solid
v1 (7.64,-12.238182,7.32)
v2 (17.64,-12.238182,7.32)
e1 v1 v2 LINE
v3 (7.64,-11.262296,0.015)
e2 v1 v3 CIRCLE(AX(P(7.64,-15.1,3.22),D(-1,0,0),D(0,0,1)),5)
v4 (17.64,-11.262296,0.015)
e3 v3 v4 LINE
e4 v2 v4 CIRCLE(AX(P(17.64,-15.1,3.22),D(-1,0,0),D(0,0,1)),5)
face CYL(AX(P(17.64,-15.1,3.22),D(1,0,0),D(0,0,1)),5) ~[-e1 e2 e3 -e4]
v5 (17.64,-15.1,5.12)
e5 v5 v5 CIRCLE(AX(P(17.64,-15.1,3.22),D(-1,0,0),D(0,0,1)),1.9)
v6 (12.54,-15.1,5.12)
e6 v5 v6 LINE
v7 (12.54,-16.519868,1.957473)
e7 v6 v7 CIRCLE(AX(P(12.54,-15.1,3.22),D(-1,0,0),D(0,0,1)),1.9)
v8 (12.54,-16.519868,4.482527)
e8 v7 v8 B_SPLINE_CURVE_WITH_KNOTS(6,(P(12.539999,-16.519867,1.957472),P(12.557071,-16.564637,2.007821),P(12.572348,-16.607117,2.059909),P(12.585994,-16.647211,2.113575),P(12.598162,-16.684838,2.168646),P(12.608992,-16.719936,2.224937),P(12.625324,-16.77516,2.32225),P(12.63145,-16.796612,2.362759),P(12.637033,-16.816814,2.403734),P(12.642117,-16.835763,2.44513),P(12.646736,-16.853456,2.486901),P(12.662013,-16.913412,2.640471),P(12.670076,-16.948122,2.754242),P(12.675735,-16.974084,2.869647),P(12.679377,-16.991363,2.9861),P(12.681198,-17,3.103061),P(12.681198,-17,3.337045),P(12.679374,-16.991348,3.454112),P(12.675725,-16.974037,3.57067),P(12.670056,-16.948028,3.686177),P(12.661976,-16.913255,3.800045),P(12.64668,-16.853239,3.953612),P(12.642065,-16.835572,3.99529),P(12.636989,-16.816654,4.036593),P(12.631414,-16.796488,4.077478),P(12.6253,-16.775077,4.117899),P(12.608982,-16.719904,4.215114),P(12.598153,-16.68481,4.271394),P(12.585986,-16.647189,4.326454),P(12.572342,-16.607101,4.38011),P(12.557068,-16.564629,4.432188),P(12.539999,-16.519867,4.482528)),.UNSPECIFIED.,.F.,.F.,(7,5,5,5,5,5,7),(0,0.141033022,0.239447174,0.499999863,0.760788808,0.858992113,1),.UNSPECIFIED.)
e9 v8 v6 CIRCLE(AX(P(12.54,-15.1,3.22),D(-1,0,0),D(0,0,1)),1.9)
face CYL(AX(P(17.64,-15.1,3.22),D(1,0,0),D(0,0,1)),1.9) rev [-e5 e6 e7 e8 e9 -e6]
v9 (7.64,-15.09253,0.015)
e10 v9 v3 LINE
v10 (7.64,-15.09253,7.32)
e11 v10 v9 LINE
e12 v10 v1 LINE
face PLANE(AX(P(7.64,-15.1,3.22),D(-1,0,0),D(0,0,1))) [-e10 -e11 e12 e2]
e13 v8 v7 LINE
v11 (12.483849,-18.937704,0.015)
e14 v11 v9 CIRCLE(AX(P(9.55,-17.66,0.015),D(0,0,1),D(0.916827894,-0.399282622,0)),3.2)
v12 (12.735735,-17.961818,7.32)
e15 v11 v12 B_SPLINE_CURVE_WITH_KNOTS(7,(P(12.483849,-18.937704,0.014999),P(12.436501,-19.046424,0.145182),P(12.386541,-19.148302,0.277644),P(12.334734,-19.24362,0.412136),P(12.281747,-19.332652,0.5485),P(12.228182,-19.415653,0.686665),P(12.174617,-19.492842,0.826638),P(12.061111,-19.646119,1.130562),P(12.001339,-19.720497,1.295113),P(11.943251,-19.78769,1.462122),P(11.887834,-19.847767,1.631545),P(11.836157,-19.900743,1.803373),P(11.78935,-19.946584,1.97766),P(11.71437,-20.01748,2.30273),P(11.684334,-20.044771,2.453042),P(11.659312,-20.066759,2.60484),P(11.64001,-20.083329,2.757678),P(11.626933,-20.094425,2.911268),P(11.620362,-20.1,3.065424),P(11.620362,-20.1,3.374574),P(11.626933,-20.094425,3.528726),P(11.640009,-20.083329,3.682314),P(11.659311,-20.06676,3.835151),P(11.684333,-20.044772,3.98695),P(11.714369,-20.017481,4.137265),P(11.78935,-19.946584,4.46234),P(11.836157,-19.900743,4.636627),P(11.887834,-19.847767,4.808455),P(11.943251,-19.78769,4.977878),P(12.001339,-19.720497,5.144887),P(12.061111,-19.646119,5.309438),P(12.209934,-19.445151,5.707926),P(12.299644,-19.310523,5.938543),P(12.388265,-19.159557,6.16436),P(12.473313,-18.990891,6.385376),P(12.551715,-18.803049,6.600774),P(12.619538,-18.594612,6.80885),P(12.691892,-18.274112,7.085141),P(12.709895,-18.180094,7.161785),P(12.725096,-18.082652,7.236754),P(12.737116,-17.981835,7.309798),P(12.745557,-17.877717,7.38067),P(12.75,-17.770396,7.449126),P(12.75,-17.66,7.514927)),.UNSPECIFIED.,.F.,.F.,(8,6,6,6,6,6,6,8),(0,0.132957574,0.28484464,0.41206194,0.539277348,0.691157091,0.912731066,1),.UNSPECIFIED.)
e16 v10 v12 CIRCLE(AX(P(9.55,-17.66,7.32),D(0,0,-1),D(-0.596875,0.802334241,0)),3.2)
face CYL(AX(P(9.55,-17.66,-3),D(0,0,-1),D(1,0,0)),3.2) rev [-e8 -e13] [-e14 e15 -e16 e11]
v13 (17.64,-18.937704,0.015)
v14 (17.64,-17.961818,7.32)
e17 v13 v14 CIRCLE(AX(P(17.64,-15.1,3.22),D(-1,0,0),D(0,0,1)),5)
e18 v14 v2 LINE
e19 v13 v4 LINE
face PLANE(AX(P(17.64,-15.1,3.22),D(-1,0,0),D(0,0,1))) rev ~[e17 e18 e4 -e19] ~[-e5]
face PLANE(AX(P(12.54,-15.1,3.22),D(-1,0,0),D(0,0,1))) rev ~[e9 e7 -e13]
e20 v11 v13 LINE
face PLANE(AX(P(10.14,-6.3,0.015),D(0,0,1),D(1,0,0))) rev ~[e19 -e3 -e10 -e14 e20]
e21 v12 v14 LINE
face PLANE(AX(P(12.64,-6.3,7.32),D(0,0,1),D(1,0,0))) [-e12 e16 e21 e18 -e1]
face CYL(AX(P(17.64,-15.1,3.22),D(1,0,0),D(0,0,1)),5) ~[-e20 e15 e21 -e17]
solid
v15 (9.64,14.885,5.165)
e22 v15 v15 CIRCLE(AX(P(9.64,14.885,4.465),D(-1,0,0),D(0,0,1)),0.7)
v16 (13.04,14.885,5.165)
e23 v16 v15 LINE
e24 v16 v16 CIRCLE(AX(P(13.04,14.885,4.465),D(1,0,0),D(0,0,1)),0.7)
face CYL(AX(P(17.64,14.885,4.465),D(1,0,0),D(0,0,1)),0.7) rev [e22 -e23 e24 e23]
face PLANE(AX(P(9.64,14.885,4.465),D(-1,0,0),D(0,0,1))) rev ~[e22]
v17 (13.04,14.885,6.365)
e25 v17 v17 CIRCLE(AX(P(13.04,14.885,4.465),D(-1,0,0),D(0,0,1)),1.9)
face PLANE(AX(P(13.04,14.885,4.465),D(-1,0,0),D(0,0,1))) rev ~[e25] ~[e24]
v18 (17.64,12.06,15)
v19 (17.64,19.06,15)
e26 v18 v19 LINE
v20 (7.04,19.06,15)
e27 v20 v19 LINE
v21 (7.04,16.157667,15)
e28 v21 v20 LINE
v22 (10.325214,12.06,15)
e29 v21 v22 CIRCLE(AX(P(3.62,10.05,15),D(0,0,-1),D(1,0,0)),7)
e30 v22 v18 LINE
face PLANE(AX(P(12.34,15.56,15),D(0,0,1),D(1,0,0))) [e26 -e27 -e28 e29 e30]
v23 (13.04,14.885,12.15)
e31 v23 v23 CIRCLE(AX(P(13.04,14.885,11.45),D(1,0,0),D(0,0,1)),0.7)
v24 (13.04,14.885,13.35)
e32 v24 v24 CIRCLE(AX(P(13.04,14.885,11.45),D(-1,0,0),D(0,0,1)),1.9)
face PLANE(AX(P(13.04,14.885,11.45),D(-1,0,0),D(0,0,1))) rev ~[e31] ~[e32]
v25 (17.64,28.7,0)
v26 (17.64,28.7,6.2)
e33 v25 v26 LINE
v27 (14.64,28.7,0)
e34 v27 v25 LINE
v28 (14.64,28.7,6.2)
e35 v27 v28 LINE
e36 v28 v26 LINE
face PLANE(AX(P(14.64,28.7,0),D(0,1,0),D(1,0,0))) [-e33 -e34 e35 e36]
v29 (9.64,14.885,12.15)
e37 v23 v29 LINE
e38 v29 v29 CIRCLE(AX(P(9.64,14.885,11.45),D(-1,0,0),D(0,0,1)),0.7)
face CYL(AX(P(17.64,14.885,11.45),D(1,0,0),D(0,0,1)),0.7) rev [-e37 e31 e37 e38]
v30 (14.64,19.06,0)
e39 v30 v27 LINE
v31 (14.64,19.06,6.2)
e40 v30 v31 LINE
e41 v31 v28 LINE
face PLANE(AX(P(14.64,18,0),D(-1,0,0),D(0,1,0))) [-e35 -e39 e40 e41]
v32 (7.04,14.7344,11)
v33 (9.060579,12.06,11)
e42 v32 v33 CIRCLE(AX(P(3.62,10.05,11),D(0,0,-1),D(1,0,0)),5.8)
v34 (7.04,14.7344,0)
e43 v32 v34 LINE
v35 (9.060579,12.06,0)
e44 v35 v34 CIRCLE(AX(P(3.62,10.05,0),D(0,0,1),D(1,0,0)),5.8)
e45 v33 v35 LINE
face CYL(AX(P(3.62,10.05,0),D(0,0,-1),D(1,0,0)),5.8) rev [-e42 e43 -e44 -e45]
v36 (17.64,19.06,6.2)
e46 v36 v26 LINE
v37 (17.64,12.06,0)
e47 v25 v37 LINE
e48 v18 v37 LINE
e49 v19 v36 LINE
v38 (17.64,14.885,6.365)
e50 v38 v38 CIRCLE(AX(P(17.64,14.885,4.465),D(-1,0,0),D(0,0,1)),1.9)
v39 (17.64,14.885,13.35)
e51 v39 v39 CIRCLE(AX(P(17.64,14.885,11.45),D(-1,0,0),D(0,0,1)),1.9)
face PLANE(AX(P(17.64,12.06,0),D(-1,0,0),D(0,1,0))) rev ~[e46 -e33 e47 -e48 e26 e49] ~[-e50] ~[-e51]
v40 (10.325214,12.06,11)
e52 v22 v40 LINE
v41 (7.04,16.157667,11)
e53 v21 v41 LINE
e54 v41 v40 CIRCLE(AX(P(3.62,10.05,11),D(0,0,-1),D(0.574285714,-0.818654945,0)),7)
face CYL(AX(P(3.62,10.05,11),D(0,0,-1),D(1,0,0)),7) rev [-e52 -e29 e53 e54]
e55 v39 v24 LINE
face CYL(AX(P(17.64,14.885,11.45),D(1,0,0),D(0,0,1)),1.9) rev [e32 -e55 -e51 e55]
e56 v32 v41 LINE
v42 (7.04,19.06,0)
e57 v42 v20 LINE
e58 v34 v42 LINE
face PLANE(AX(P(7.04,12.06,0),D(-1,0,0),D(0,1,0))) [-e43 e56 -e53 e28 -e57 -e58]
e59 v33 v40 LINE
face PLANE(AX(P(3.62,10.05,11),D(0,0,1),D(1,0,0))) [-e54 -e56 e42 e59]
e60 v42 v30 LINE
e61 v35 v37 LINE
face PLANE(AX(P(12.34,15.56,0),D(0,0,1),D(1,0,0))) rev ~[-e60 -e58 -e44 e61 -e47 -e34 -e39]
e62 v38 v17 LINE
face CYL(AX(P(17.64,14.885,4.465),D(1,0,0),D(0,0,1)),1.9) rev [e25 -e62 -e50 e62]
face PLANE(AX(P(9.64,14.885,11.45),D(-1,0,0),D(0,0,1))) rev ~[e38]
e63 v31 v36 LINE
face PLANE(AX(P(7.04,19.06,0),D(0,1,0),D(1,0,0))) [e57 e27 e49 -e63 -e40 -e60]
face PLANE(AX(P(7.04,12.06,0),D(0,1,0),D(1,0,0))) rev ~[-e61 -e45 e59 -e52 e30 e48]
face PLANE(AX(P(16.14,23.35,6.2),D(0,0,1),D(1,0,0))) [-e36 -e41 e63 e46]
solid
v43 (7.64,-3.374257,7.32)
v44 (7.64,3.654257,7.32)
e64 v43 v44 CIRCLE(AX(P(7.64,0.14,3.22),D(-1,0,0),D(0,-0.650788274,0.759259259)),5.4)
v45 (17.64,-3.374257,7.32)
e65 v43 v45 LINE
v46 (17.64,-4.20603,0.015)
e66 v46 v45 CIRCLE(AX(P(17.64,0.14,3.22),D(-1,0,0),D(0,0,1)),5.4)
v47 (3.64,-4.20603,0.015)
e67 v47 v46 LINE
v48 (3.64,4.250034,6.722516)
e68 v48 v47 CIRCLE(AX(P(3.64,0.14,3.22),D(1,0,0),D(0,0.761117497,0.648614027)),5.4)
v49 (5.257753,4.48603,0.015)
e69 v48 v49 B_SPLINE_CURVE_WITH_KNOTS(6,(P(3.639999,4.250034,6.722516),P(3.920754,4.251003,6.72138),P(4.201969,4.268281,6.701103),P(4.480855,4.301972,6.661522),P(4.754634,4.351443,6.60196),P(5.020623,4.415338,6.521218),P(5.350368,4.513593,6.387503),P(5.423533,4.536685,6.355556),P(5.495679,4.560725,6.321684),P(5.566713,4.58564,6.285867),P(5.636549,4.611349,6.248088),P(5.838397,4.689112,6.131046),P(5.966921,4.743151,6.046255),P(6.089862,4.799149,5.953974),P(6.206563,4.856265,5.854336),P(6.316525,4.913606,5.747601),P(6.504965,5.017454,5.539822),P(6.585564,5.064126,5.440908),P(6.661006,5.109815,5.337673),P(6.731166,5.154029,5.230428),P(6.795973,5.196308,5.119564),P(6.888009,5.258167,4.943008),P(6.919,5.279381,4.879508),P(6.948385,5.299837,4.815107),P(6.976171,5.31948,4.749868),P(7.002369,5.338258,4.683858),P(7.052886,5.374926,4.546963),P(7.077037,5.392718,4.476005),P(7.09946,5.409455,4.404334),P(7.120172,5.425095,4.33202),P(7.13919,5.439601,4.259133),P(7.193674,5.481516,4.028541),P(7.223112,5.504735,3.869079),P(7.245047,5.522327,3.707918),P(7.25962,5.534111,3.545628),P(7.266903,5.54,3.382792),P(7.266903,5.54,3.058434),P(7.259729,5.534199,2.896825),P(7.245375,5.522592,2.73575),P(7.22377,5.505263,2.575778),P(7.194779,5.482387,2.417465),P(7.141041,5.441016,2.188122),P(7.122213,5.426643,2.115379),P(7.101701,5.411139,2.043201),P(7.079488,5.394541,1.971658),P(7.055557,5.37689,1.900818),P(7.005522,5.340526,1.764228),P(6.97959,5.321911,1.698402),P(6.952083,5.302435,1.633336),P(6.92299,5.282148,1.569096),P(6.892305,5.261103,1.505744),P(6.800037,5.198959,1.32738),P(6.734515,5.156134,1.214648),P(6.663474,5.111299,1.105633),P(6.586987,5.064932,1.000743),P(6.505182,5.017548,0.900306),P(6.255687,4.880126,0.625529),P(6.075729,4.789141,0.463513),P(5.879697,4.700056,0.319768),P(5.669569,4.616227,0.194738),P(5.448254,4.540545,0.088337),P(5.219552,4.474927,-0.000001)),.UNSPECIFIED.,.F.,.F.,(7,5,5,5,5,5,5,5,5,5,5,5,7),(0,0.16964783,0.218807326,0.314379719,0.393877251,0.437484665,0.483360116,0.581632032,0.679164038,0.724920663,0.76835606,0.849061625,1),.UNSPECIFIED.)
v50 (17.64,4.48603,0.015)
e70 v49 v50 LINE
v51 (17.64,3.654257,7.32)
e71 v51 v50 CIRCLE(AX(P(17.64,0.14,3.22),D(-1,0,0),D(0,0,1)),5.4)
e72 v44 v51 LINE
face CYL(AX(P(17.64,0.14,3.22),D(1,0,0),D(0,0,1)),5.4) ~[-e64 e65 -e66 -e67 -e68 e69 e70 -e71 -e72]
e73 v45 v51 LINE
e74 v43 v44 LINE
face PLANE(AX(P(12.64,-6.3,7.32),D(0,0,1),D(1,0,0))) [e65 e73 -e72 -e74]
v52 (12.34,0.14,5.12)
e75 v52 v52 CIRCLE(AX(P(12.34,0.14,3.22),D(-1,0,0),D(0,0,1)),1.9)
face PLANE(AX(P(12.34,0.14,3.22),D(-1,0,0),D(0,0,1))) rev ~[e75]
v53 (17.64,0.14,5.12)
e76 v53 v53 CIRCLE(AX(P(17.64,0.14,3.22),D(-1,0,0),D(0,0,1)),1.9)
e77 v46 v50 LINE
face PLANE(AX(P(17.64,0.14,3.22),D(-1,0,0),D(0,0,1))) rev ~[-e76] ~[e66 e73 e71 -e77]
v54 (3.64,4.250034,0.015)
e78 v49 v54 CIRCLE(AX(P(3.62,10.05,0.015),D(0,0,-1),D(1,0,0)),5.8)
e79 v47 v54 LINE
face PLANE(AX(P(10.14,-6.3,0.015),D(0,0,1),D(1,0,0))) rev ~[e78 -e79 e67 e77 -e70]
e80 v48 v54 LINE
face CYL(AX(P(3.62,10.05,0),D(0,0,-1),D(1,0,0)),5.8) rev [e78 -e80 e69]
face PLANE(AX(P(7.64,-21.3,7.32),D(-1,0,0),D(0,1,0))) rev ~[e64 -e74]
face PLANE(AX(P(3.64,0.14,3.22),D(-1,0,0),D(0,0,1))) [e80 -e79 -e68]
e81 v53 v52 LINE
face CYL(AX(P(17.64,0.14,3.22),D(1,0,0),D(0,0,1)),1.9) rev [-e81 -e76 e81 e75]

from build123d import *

# Parameters (mm, degrees)
BOX_W             = 3
BOX_H             = 10.7
BOX_DEPTH         = 6.2
CYLINDER012_R     = 1.9
CYLINDER012_DEPTH = 4.6
CYLINDER013_R     = 1.9
CYLINDER013_DEPTH = 4.6
CYLINDER014_R     = 1.9
CYLINDER014_DEPTH = 5.3
BOX005_W          = 14
BOX005_H          = 42.7
BOX005_DEPTH      = 13
CYLINDER015_R     = 0.7
CYLINDER015_DEPTH = 8
CYLINDER016_R     = 0.7
CYLINDER016_DEPTH = 8
CYLINDER011_R     = 1.9
CYLINDER011_DEPTH = 5.1
CYLINDER002_R     = 3.2
CYLINDER002_DEPTH = 12
CYLINDER004_R     = 5.8
CYLINDER004_DEPTH = 11.5
CYLINDER005_R     = 7
CYLINDER005_DEPTH = 5
BOX002_W          = 10
BOX002_H          = 30
BOX002_DEPTH      = 10
BOX003_W          = 15
BOX003_H          = 30
BOX003_DEPTH      = 10
BOX001_W          = 10.6
BOX001_H          = 7
BOX001_DEPTH      = 15
CYLINDER001_R     = 5
CYLINDER001_DEPTH = 10
CYLINDER003_R     = 5.4
CYLINDER003_DEPTH = 14


with BuildPart() as cube:
    # Box → Box (new body)
    with BuildSketch(Plane(origin=(14.64, 18, 0), x_dir=(1, 0, 0), z_dir=(0, 0, 1))):
        with Locations((1.5, 5.35)):
            Rectangle(BOX_W, BOX_H)
    extrude(amount=BOX_DEPTH)


with BuildPart() as cylinder012:
    # Cylinder012 → Cylinder012 (new body)
    with BuildSketch(Plane(origin=(17.64, 14.885, 4.465), x_dir=(0, 0, 1), z_dir=(-1, 0, 0))):
        Circle(CYLINDER012_R)
    extrude(amount=CYLINDER012_DEPTH)


with BuildPart() as cylinder013:
    # Cylinder013 → Cylinder013 (new body)
    with BuildSketch(Plane(origin=(17.64, 14.885, 11.45), x_dir=(0, 0, 1), z_dir=(-1, 0, 0))):
        Circle(CYLINDER013_R)
    extrude(amount=CYLINDER013_DEPTH)


with BuildPart() as cylinder014:
    # Cylinder014 → Cylinder014 (new body)
    with BuildSketch(Plane(origin=(17.64, 0.14, 3.22), x_dir=(0, 0, 1), z_dir=(-1, 0, 0))):
        Circle(CYLINDER014_R)
    extrude(amount=CYLINDER014_DEPTH)


with BuildPart() as cube005:
    # Box005 → Box005 (new body)
    with BuildSketch(Plane(origin=(17.64, -22.73, 0), x_dir=(1, 0, 0), z_dir=(0, 0, 1))):
        with Locations((7, 21.35)):
            Rectangle(BOX005_W, BOX005_H)
    extrude(amount=BOX005_DEPTH)


with BuildPart() as cylinder015:
    # Cylinder015 → Cylinder015 (new body)
    with BuildSketch(Plane(origin=(17.64, 14.885, 4.465), x_dir=(0, 0, 1), z_dir=(-1, 0, 0))):
        Circle(CYLINDER015_R)
    extrude(amount=CYLINDER015_DEPTH)


with BuildPart() as cylinder016:
    # Cylinder016 → Cylinder016 (new body)
    with BuildSketch(Plane(origin=(17.64, 14.885, 11.45), x_dir=(0, 0, 1), z_dir=(-1, 0, 0))):
        Circle(CYLINDER016_R)
    extrude(amount=CYLINDER016_DEPTH)


with BuildPart() as fusion005:
    # Cylinder011 → Cylinder011 (new body)
    with BuildSketch(Plane(origin=(17.64, -15.1, 3.22), x_dir=(0, 0, 1), z_dir=(-1, 0, 0))):
        Circle(CYLINDER011_R)
    extrude(amount=CYLINDER011_DEPTH)

    # Fusion005: union Cylinder012, Cylinder013, Cylinder014, Cube005, Cylinder015, Cylinder016
    add(cylinder012.part)
    add(cylinder013.part)
    add(cylinder014.part)
    add(cube005.part)
    add(cylinder015.part)
    add(cylinder016.part)


with BuildPart() as cylinder002:
    # Cylinder002 → Cylinder002 (new body)
    with BuildSketch(Plane(origin=(9.55, -17.66, -3), x_dir=(1, 0, 0), z_dir=(0, 0, 1))):
        Circle(CYLINDER002_R)
    extrude(amount=CYLINDER002_DEPTH)


with BuildPart() as cylinder004:
    # Cylinder004 → Cylinder004 (new body)
    with BuildSketch(Plane(origin=(3.62, 10.05, 0), x_dir=(1, 0, 0), z_dir=(0, 0, 1))):
        Circle(CYLINDER004_R)
    extrude(amount=CYLINDER004_DEPTH)


with BuildPart() as cylinder005:
    # Cylinder005 → Cylinder005 (new body)
    with BuildSketch(Plane(origin=(3.62, 10.05, 11), x_dir=(1, 0, 0), z_dir=(0, 0, 1))):
        Circle(CYLINDER005_R)
    extrude(amount=CYLINDER005_DEPTH)


with BuildPart() as cube002:
    # Box002 → Box002 (new body)
    with BuildSketch(Plane(origin=(7.64, -21.3, 7.32), x_dir=(1, 0, 0), z_dir=(0, 0, 1))):
        with Locations((5, 15)):
            Rectangle(BOX002_W, BOX002_H)
    extrude(amount=BOX002_DEPTH)


with BuildPart() as fusion004:
    # Box003 → Box003 (new body)
    with BuildSketch(Plane(origin=(2.64, -21.3, -9.985), x_dir=(1, 0, 0), z_dir=(0, 0, 1))):
        with Locations((7.5, 15)):
            Rectangle(BOX003_W, BOX003_H)
    extrude(amount=BOX003_DEPTH)

    # Fusion004: union Cylinder002, Cylinder004, Cylinder005, Cube002
    add(cylinder002.part)
    add(cylinder004.part)
    add(cylinder005.part)
    add(cube002.part)


with BuildPart() as cube001:
    # Box001 → Box001 (new body)
    with BuildSketch(Plane(origin=(7.04, 12.06, 0), x_dir=(1, 0, 0), z_dir=(0, 0, 1))):
        with Locations((5.3, 3.5)):
            Rectangle(BOX001_W, BOX001_H)
    extrude(amount=BOX001_DEPTH)


with BuildPart() as cylinder001:
    # Cylinder001 → Cylinder001 (new body)
    with BuildSketch(Plane(origin=(17.64, -15.1, 3.22), x_dir=(0, 0, 1), z_dir=(-1, 0, 0))):
        Circle(CYLINDER001_R)
    extrude(amount=CYLINDER001_DEPTH)


with BuildPart() as fusion006:
    # Cylinder003 → Cylinder003 (new body)
    with BuildSketch(Plane(origin=(17.64, 0.14, 3.22), x_dir=(0, 0, 1), z_dir=(-1, 0, 0))):
        Circle(CYLINDER003_R)
    extrude(amount=CYLINDER003_DEPTH)

    # Fusion: union Cube001, Cylinder001
    add(cube001.part)
    add(cylinder001.part)

    # Cut: cut Fusion004
    add(fusion004.part, mode=Mode.SUBTRACT)

    # Cut001: cut Fusion005
    add(fusion005.part, mode=Mode.SUBTRACT)

    # Fusion006: union Cube
    add(cube.part)


solid = fusion006.part
